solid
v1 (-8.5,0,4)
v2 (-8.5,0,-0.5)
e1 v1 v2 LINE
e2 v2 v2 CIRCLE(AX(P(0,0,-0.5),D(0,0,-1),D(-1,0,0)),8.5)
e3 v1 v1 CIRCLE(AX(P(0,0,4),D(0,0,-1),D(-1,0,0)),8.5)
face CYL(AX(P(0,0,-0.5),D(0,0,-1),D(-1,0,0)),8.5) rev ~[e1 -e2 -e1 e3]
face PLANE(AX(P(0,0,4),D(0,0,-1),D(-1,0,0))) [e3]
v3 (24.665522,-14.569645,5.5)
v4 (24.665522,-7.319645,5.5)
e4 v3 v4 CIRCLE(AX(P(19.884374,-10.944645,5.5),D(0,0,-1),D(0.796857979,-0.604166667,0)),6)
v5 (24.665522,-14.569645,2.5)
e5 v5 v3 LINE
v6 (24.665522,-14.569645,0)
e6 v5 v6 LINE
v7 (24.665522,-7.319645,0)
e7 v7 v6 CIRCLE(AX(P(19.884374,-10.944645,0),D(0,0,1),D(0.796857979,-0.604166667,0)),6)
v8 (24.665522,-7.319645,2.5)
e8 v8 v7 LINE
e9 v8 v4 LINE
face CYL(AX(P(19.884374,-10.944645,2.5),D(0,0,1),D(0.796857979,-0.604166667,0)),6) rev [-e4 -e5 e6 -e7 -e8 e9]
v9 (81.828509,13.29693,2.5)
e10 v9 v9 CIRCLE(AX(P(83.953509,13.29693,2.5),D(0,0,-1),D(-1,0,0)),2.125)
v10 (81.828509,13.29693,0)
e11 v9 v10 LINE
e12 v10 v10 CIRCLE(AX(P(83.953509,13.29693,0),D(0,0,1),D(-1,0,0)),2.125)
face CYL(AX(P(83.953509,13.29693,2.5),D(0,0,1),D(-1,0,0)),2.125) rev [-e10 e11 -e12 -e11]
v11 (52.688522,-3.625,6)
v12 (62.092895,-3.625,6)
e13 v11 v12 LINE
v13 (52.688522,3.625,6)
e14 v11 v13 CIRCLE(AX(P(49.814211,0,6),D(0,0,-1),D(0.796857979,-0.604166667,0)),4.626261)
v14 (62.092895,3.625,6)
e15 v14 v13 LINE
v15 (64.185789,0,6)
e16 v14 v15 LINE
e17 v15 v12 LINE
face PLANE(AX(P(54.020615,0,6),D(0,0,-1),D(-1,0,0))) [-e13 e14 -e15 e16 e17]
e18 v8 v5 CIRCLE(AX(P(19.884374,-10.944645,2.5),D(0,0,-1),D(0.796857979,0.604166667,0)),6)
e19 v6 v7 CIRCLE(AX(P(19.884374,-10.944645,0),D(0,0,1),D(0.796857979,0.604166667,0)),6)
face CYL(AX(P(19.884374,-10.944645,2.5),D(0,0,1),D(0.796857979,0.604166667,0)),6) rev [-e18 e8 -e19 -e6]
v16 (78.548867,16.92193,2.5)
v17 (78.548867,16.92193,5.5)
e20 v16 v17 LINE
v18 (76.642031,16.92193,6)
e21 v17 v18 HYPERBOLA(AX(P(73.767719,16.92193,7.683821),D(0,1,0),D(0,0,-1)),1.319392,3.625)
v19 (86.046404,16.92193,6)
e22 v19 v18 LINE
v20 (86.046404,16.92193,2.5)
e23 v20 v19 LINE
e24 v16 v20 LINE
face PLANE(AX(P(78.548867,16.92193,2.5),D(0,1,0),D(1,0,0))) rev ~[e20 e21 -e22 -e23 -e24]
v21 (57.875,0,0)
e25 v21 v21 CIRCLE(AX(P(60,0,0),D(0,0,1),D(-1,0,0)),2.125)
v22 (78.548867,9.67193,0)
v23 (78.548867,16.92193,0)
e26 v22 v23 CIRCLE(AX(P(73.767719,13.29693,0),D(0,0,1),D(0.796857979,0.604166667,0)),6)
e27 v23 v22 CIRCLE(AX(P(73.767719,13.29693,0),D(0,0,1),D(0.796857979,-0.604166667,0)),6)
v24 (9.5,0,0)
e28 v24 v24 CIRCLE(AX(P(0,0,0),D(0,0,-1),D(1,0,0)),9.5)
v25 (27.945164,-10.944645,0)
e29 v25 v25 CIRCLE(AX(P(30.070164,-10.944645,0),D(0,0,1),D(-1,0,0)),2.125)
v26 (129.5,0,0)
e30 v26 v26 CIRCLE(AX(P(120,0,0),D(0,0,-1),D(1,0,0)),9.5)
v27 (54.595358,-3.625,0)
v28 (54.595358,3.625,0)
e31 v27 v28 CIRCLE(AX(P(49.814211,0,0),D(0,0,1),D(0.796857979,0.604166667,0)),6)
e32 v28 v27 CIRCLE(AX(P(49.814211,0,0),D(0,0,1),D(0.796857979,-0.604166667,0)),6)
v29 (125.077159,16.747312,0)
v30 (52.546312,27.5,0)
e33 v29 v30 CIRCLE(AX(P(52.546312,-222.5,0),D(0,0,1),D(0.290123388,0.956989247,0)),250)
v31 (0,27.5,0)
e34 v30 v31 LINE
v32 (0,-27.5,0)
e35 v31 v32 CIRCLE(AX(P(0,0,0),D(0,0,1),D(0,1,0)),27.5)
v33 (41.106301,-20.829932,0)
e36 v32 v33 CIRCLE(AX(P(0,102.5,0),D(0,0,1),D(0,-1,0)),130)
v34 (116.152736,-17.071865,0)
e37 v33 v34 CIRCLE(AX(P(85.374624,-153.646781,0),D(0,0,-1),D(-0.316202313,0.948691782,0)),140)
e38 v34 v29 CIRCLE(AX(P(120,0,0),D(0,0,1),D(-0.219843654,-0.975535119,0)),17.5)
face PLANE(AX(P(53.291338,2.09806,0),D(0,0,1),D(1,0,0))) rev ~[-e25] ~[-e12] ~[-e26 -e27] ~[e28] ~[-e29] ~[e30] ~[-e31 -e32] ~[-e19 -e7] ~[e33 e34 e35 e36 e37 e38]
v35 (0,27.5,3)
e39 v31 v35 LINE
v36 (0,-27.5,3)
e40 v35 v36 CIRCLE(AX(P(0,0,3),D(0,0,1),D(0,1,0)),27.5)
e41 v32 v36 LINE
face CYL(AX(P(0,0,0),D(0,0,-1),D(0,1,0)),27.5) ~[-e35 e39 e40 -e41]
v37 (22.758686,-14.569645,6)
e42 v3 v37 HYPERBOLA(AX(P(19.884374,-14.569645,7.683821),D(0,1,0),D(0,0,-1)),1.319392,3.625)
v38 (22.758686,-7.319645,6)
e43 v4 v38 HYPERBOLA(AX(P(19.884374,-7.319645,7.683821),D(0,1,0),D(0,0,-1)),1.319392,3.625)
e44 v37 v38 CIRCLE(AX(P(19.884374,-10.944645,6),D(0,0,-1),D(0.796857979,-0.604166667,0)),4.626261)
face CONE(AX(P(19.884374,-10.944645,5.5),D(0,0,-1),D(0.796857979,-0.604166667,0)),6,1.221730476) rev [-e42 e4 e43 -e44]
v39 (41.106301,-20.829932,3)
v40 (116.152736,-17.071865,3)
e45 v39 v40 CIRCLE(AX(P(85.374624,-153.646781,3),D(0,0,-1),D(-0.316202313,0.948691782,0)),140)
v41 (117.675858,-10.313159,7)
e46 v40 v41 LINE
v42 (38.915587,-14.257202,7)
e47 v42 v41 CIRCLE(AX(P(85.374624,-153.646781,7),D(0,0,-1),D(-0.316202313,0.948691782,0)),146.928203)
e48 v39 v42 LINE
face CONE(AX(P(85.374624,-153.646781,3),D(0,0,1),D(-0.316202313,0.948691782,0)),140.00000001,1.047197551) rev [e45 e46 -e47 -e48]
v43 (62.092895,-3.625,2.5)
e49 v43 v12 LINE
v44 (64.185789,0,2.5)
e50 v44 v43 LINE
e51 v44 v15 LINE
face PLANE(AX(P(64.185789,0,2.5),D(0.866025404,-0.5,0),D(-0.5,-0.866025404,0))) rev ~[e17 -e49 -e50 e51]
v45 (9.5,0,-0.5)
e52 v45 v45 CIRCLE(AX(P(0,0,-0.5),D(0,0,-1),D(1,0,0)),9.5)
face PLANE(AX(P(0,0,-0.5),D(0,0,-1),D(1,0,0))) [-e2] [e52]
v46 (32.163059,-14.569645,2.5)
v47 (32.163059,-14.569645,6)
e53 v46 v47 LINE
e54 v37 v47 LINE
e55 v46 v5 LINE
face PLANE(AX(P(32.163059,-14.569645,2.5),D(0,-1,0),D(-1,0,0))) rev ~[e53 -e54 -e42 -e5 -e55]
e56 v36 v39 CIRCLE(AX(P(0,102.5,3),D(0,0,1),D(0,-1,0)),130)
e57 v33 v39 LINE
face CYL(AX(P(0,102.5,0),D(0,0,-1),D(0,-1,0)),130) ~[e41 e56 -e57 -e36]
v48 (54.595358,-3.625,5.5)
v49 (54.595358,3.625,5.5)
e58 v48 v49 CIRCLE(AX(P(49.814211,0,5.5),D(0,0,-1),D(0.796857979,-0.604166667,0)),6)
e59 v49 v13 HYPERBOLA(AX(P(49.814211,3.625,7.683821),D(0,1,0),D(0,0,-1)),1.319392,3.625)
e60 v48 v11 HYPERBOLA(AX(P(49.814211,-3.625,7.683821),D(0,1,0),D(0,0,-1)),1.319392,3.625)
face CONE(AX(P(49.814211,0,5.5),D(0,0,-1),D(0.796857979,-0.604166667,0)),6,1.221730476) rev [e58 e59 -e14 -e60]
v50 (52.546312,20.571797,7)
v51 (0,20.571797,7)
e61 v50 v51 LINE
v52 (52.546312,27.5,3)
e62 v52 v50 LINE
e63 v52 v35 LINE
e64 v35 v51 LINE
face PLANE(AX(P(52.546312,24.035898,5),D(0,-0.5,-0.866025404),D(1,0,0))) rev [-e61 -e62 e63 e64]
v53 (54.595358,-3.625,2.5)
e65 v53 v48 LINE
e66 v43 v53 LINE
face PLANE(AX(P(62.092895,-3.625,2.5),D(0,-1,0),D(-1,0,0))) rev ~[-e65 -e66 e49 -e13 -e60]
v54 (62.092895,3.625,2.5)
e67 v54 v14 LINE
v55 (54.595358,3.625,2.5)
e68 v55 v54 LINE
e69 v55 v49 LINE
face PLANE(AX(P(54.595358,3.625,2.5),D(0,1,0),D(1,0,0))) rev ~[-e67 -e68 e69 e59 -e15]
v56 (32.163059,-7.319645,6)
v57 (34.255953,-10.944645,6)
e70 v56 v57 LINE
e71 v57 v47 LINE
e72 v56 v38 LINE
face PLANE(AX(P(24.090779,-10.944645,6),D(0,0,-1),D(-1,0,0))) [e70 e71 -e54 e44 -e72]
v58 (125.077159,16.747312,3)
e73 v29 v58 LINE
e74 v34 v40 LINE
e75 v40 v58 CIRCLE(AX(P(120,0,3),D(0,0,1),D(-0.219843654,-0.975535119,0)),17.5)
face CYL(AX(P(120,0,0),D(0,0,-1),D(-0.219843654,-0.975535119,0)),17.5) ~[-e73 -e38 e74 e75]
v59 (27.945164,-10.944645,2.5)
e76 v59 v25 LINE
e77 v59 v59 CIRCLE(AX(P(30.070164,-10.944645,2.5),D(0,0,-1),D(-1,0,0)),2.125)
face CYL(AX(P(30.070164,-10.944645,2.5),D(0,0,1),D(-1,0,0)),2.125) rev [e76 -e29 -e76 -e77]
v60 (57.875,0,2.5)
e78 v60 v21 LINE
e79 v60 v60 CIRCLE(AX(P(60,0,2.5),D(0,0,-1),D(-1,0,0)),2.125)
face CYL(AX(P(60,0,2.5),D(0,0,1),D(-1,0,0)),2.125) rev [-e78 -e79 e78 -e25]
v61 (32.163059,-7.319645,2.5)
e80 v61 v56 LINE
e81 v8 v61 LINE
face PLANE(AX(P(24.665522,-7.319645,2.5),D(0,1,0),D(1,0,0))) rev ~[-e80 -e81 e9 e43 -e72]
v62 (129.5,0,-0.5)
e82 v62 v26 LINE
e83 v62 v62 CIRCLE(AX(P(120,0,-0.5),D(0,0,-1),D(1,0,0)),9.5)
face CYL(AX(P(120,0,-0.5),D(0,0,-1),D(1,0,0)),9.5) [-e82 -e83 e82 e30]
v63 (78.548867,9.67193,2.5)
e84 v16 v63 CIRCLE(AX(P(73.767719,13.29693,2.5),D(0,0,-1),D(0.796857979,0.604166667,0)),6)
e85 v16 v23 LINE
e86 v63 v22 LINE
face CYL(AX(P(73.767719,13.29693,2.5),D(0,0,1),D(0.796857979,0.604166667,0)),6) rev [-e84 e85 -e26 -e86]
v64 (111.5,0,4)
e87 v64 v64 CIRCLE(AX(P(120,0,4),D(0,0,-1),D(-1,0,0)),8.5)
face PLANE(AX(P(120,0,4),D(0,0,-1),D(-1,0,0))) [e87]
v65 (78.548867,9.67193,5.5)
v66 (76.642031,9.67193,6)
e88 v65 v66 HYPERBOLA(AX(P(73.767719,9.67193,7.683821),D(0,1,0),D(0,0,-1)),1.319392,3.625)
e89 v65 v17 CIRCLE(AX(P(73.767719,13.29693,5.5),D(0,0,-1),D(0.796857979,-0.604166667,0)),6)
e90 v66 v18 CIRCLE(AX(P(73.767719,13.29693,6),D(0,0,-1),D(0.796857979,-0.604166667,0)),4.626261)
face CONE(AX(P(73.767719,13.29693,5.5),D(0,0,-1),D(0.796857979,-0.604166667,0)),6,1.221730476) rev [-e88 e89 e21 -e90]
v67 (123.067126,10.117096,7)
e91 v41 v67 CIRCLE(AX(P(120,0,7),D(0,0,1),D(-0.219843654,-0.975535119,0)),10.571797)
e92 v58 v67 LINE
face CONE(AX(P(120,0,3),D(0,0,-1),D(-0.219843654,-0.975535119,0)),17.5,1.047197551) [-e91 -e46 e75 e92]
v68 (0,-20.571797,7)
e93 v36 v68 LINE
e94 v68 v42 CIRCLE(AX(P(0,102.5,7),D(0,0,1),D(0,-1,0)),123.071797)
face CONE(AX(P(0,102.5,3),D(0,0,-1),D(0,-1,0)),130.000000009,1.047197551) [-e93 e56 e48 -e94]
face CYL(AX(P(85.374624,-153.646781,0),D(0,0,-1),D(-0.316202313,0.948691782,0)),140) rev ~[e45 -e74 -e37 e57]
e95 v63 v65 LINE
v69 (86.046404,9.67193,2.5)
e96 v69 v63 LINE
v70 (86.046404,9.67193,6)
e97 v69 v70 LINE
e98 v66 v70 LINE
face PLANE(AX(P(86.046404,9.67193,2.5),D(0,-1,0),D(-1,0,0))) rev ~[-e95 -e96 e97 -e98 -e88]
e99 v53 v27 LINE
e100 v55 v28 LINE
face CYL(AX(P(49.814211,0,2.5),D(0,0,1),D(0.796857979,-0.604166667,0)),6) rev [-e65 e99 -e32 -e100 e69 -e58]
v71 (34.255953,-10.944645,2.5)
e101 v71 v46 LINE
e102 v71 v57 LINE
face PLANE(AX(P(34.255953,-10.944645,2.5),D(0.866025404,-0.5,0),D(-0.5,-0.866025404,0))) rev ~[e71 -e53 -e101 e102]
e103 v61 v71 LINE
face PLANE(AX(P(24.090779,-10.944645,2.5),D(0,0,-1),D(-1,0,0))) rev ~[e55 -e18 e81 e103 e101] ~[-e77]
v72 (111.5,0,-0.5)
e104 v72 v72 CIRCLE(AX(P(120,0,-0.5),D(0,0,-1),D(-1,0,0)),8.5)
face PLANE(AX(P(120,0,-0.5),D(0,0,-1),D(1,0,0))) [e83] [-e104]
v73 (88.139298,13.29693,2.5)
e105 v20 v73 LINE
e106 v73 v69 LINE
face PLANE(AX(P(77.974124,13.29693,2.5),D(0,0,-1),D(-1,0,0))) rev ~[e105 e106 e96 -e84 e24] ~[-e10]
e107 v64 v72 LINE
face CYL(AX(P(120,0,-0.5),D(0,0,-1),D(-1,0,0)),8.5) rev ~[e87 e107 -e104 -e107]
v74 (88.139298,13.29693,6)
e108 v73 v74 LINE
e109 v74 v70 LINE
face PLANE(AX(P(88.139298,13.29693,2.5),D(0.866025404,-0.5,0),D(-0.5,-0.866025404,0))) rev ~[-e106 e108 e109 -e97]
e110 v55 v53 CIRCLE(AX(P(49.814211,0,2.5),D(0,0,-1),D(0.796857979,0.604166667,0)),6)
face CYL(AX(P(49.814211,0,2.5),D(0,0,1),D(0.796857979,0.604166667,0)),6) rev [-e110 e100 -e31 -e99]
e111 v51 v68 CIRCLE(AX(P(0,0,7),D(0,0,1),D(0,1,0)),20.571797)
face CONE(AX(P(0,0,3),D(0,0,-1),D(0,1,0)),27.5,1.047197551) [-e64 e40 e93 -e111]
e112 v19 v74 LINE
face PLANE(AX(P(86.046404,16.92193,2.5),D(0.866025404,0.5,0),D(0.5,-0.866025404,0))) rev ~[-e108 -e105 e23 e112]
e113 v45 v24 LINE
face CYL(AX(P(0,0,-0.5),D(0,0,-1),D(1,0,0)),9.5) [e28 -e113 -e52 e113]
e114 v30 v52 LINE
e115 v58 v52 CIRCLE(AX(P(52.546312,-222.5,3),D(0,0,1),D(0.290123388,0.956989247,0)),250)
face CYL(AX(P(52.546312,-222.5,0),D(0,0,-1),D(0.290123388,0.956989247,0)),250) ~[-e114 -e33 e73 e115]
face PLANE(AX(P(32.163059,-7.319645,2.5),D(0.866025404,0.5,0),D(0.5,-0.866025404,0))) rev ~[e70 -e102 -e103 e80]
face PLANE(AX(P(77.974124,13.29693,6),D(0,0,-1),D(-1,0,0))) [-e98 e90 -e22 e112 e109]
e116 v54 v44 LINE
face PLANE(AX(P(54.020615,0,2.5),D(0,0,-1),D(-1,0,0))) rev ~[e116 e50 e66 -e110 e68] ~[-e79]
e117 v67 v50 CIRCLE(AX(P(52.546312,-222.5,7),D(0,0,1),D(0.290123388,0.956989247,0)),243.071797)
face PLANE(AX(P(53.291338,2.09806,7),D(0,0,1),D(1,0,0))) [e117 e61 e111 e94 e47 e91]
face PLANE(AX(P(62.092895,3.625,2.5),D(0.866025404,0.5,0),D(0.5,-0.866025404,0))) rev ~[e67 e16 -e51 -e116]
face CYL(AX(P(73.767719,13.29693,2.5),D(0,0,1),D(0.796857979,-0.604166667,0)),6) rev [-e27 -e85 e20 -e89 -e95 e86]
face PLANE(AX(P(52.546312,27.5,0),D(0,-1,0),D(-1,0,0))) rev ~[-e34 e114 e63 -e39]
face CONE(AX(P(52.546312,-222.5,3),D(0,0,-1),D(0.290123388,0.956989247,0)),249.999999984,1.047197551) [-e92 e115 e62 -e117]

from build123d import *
from OCP.BRepFilletAPI import BRepFilletAPI_MakeChamfer

# Parameters (mm, degrees)
BOSS_EXTRUDE1_DEPTH = 7
CHAMFER1_SIZE       = 4
CHAMFER1_SIZE2      = 6.92820323
SKETCH3_R           = 8.5
CUT_EXTRUDE2_DEPTH  = 4
CUT_EXTRUDE3_DEPTH  = 3.5
SKETCH5_3_R         = 2.125
CUT_EXTRUDE4_DEPTH  = 141.295224438
CHAMFER2_SIZE       = 0.5
CHAMFER2_SIZE2      = 1.37373871
BOSS_EXTRUDE2_START = 0.5
SKETCH7_R           = 9.5
SKETCH7_R_2         = 8.5
BOSS_EXTRUDE2_DEPTH = 0.5


with BuildPart() as part:
    # Sketch1 → Boss-Extrude1 (new body)
    with BuildSketch(Plane.XY):
        with BuildLine():
            Line((52.546312184, 27.5), (0, 27.5))
            ThreePointArc((0, 27.5), (-27.5, 0), (0, -27.5))
            ThreePointArc((0, -27.5), (20.821970152, -25.821648832), (41.106300643, -20.829931677))
            ThreePointArc((41.106300643, -20.829931677), (78.372680186, -13.821988034), (116.152736046, -17.071864575))
            ThreePointArc((116.152736046, -17.071864575), (136.920766347, -4.465161388), (125.077159298, 16.747311828))
            ThreePointArc((125.077159298, 16.747311828), (89.208090939, 24.797217895), (52.546312184, 27.5))
        make_face()
    extrude(amount=BOSS_EXTRUDE1_DEPTH)

    # Chamfer1: one chamfer whose edges measure the first distance from different faces: ONE call of the kernel's chamfer builder (chamfer() names one face for all edges)
    chamfer1_edges_1 = [part.edges().sort_by_distance(p)[0] for p in [
        (20.821970152, -25.821648832, 7),
    ]]
    chamfer1_side_1 = [part.faces().sort_by_distance(p)[0] for p in [
        (20.821970152, -25.821648832, 3.5),
    ]]
    chamfer1_edges_2 = [part.edges().sort_by_distance(p)[0] for p in [
        (-27.5, 0, 7),
    ]]
    chamfer1_side_2 = [part.faces().sort_by_distance(p)[0] for p in [
        (-27.5, 0, 3.5),
    ]]
    chamfer1_edges_3 = [part.edges().sort_by_distance(p)[0] for p in [
        (26.273156092, 27.5, 7),
    ]]
    chamfer1_side_3 = [part.faces().sort_by_distance(p)[0] for p in [
        (26.273156092, 27.5, 3.5),
    ]]
    chamfer1_edges_4 = [part.edges().sort_by_distance(p)[0] for p in [
        (89.208090939, 24.797217895, 7),
    ]]
    chamfer1_side_4 = [part.faces().sort_by_distance(p)[0] for p in [
        (89.208090939, 24.797217895, 3.5),
    ]]
    chamfer1_edges_5 = [part.edges().sort_by_distance(p)[0] for p in [
        (136.920766347, -4.465161388, 7),
    ]]
    chamfer1_side_5 = [part.faces().sort_by_distance(p)[0] for p in [
        (136.920766347, -4.465161388, 3.5),
    ]]
    chamfer1_edges_6 = [part.edges().sort_by_distance(p)[0] for p in [
        (78.372680186, -13.821988034, 7),
    ]]
    chamfer1_side_6 = [part.faces().sort_by_distance(p)[0] for p in [
        (78.372680186, -13.821988034, 3.5),
    ]]
    chamfer1 = BRepFilletAPI_MakeChamfer(part.part.solid().wrapped)
    for e in chamfer1_edges_1:
        chamfer1.Add(CHAMFER1_SIZE, CHAMFER1_SIZE2, e.wrapped, chamfer1_side_1[0].wrapped)  # the first distance lies on this face
    for e in chamfer1_edges_2:
        chamfer1.Add(CHAMFER1_SIZE, CHAMFER1_SIZE2, e.wrapped, chamfer1_side_2[0].wrapped)  # the first distance lies on this face
    for e in chamfer1_edges_3:
        chamfer1.Add(CHAMFER1_SIZE, CHAMFER1_SIZE2, e.wrapped, chamfer1_side_3[0].wrapped)  # the first distance lies on this face
    for e in chamfer1_edges_4:
        chamfer1.Add(CHAMFER1_SIZE, CHAMFER1_SIZE2, e.wrapped, chamfer1_side_4[0].wrapped)  # the first distance lies on this face
    for e in chamfer1_edges_5:
        chamfer1.Add(CHAMFER1_SIZE, CHAMFER1_SIZE2, e.wrapped, chamfer1_side_5[0].wrapped)  # the first distance lies on this face
    for e in chamfer1_edges_6:
        chamfer1.Add(CHAMFER1_SIZE, CHAMFER1_SIZE2, e.wrapped, chamfer1_side_6[0].wrapped)  # the first distance lies on this face
    add(Compound.cast(chamfer1.Shape()), mode=Mode.REPLACE)

    # Sketch3 → Cut-Extrude2 (cut)
    with BuildSketch(Plane(origin=(0, 0, 0), x_dir=(-1, 0, 0), z_dir=(0, 0, -1))):
        Circle(SKETCH3_R)
        with Locations((-120, 0)):
            Circle(SKETCH3_R)
    extrude(amount=-CUT_EXTRUDE2_DEPTH, mode=Mode.SUBTRACT)

    # Sketch5 → Cut-Extrude3 (cut)
    with BuildSketch(Plane(origin=(0, 0, 2.5), x_dir=(-1, 0, 0), z_dir=(0, 0, -1))):
        with BuildLine():
            Line((-86.046403676, 16.921929528), (-88.139298402, 13.296929528))
            Line((-88.139298402, 13.296929528), (-86.046403676, 9.671929528))
            Line((-86.046403676, 9.671929528), (-78.548867374, 9.671929528))
            ThreePointArc((-78.548867374, 9.671929528), (-67.767719499, 13.296929528), (-78.548867374, 16.921929528))
            Line((-78.548867374, 16.921929528), (-86.046403676, 16.921929528))
        make_face()
        with BuildLine():
            Line((-62.092894726, -3.625), (-54.595358423, -3.625))
            ThreePointArc((-54.595358423, -3.625), (-43.814210548, 0), (-54.595358423, 3.625))
            Line((-54.595358423, 3.625), (-62.092894726, 3.625))
            Line((-62.092894726, 3.625), (-64.185789452, 0))
            Line((-64.185789452, 0), (-62.092894726, -3.625))
        make_face()
        with BuildLine():
            Line((-32.163058591, -14.569644586), (-24.665522288, -14.569644586))
            ThreePointArc((-24.665522288, -14.569644586), (-13.884374414, -10.944644586), (-24.665522288, -7.319644586))
            Line((-24.665522288, -7.319644586), (-32.163058591, -7.319644586))
            Line((-32.163058591, -7.319644586), (-34.255953317, -10.944644586))
            Line((-34.255953317, -10.944644586), (-32.163058591, -14.569644586))
        make_face()
    extrude(amount=-CUT_EXTRUDE3_DEPTH, mode=Mode.SUBTRACT)

    # Sketch5<3> → Cut-Extrude4 (cut, through all)
    with BuildSketch(Plane(origin=(0, 0, 2.5), x_dir=(-1, 0, 0), z_dir=(0, 0, -1))):
        with BuildLine():
            ThreePointArc((-78.548867374, 9.671929528), (-67.767719499, 13.296929528), (-78.548867374, 16.921929528))
            ThreePointArc((-78.548867374, 16.921929528), (-79.767719499, 13.296929528), (-78.548867374, 9.671929528))
        make_face()
        with BuildLine():
            ThreePointArc((-54.595358423, 3.625), (-55.814210548, 0), (-54.595358423, -3.625))
            ThreePointArc((-54.595358423, -3.625), (-43.814210548, 0), (-54.595358423, 3.625))
        make_face()
        with BuildLine():
            ThreePointArc((-24.665522288, -7.319644586), (-25.884374414, -10.944644586), (-24.665522288, -14.569644586))
            ThreePointArc((-24.665522288, -14.569644586), (-13.884374414, -10.944644586), (-24.665522288, -7.319644586))
        make_face()
        with Locations((-83.953508951, 13.296929528)):
            Circle(SKETCH5_3_R)
        with Locations((-60, 0)):
            Circle(SKETCH5_3_R)
        with Locations((-30.070163865, -10.944644586)):
            Circle(SKETCH5_3_R)
    extrude(amount=CUT_EXTRUDE4_DEPTH, mode=Mode.SUBTRACT)

    # Chamfer2: one chamfer whose edges measure the first distance from different faces: ONE call of the kernel's chamfer builder (chamfer() names one face for all edges)
    chamfer2_edges_1 = [part.edges().sort_by_distance(p)[0] for p in [
        (67.767719499, 13.296929528, 6),
    ]]
    chamfer2_side_1 = [part.faces().sort_by_distance(p)[0] for p in [
        (68.986571624, 9.671929528, 3),
    ]]
    chamfer2_edges_2 = [part.edges().sort_by_distance(p)[0] for p in [
        (13.884374414, -10.944644586, 6),
    ]]
    chamfer2_side_2 = [part.faces().sort_by_distance(p)[0] for p in [
        (15.103226539, -14.569644586, 3),
    ]]
    chamfer2_edges_3 = [part.edges().sort_by_distance(p)[0] for p in [
        (43.814210548, 0, 6),
    ]]
    chamfer2_side_3 = [part.faces().sort_by_distance(p)[0] for p in [
        (45.033062674, -3.625, 3),
    ]]
    chamfer2 = BRepFilletAPI_MakeChamfer(part.part.solid().wrapped)
    for e in chamfer2_edges_1:
        chamfer2.Add(CHAMFER2_SIZE, CHAMFER2_SIZE2, e.wrapped, chamfer2_side_1[0].wrapped)  # the first distance lies on this face
    for e in chamfer2_edges_2:
        chamfer2.Add(CHAMFER2_SIZE, CHAMFER2_SIZE2, e.wrapped, chamfer2_side_2[0].wrapped)  # the first distance lies on this face
    for e in chamfer2_edges_3:
        chamfer2.Add(CHAMFER2_SIZE, CHAMFER2_SIZE2, e.wrapped, chamfer2_side_3[0].wrapped)  # the first distance lies on this face
    add(Compound.cast(chamfer2.Shape()), mode=Mode.REPLACE)

    # Sketch7 → Boss-Extrude2 (add)
    # profile 1 of 2: a face of its own
    with BuildSketch(Plane(origin=(0, 0, 0), x_dir=(-1, 0, 0), z_dir=(0, 0, -1)).offset(BOSS_EXTRUDE2_START)):
        Circle(SKETCH7_R)
        Circle(SKETCH7_R_2, mode=Mode.SUBTRACT)
    # profile 2 of 2: a face of its own
    with BuildSketch(Plane(origin=(0, 0, 0), x_dir=(-1, 0, 0), z_dir=(0, 0, -1)).offset(BOSS_EXTRUDE2_START)):
        with Locations((-120, 0)):
            Circle(SKETCH7_R)
        with Locations((-120, 0)):
            Circle(SKETCH7_R_2, mode=Mode.SUBTRACT)
    extrude(amount=-BOSS_EXTRUDE2_DEPTH)


solid = part.part
